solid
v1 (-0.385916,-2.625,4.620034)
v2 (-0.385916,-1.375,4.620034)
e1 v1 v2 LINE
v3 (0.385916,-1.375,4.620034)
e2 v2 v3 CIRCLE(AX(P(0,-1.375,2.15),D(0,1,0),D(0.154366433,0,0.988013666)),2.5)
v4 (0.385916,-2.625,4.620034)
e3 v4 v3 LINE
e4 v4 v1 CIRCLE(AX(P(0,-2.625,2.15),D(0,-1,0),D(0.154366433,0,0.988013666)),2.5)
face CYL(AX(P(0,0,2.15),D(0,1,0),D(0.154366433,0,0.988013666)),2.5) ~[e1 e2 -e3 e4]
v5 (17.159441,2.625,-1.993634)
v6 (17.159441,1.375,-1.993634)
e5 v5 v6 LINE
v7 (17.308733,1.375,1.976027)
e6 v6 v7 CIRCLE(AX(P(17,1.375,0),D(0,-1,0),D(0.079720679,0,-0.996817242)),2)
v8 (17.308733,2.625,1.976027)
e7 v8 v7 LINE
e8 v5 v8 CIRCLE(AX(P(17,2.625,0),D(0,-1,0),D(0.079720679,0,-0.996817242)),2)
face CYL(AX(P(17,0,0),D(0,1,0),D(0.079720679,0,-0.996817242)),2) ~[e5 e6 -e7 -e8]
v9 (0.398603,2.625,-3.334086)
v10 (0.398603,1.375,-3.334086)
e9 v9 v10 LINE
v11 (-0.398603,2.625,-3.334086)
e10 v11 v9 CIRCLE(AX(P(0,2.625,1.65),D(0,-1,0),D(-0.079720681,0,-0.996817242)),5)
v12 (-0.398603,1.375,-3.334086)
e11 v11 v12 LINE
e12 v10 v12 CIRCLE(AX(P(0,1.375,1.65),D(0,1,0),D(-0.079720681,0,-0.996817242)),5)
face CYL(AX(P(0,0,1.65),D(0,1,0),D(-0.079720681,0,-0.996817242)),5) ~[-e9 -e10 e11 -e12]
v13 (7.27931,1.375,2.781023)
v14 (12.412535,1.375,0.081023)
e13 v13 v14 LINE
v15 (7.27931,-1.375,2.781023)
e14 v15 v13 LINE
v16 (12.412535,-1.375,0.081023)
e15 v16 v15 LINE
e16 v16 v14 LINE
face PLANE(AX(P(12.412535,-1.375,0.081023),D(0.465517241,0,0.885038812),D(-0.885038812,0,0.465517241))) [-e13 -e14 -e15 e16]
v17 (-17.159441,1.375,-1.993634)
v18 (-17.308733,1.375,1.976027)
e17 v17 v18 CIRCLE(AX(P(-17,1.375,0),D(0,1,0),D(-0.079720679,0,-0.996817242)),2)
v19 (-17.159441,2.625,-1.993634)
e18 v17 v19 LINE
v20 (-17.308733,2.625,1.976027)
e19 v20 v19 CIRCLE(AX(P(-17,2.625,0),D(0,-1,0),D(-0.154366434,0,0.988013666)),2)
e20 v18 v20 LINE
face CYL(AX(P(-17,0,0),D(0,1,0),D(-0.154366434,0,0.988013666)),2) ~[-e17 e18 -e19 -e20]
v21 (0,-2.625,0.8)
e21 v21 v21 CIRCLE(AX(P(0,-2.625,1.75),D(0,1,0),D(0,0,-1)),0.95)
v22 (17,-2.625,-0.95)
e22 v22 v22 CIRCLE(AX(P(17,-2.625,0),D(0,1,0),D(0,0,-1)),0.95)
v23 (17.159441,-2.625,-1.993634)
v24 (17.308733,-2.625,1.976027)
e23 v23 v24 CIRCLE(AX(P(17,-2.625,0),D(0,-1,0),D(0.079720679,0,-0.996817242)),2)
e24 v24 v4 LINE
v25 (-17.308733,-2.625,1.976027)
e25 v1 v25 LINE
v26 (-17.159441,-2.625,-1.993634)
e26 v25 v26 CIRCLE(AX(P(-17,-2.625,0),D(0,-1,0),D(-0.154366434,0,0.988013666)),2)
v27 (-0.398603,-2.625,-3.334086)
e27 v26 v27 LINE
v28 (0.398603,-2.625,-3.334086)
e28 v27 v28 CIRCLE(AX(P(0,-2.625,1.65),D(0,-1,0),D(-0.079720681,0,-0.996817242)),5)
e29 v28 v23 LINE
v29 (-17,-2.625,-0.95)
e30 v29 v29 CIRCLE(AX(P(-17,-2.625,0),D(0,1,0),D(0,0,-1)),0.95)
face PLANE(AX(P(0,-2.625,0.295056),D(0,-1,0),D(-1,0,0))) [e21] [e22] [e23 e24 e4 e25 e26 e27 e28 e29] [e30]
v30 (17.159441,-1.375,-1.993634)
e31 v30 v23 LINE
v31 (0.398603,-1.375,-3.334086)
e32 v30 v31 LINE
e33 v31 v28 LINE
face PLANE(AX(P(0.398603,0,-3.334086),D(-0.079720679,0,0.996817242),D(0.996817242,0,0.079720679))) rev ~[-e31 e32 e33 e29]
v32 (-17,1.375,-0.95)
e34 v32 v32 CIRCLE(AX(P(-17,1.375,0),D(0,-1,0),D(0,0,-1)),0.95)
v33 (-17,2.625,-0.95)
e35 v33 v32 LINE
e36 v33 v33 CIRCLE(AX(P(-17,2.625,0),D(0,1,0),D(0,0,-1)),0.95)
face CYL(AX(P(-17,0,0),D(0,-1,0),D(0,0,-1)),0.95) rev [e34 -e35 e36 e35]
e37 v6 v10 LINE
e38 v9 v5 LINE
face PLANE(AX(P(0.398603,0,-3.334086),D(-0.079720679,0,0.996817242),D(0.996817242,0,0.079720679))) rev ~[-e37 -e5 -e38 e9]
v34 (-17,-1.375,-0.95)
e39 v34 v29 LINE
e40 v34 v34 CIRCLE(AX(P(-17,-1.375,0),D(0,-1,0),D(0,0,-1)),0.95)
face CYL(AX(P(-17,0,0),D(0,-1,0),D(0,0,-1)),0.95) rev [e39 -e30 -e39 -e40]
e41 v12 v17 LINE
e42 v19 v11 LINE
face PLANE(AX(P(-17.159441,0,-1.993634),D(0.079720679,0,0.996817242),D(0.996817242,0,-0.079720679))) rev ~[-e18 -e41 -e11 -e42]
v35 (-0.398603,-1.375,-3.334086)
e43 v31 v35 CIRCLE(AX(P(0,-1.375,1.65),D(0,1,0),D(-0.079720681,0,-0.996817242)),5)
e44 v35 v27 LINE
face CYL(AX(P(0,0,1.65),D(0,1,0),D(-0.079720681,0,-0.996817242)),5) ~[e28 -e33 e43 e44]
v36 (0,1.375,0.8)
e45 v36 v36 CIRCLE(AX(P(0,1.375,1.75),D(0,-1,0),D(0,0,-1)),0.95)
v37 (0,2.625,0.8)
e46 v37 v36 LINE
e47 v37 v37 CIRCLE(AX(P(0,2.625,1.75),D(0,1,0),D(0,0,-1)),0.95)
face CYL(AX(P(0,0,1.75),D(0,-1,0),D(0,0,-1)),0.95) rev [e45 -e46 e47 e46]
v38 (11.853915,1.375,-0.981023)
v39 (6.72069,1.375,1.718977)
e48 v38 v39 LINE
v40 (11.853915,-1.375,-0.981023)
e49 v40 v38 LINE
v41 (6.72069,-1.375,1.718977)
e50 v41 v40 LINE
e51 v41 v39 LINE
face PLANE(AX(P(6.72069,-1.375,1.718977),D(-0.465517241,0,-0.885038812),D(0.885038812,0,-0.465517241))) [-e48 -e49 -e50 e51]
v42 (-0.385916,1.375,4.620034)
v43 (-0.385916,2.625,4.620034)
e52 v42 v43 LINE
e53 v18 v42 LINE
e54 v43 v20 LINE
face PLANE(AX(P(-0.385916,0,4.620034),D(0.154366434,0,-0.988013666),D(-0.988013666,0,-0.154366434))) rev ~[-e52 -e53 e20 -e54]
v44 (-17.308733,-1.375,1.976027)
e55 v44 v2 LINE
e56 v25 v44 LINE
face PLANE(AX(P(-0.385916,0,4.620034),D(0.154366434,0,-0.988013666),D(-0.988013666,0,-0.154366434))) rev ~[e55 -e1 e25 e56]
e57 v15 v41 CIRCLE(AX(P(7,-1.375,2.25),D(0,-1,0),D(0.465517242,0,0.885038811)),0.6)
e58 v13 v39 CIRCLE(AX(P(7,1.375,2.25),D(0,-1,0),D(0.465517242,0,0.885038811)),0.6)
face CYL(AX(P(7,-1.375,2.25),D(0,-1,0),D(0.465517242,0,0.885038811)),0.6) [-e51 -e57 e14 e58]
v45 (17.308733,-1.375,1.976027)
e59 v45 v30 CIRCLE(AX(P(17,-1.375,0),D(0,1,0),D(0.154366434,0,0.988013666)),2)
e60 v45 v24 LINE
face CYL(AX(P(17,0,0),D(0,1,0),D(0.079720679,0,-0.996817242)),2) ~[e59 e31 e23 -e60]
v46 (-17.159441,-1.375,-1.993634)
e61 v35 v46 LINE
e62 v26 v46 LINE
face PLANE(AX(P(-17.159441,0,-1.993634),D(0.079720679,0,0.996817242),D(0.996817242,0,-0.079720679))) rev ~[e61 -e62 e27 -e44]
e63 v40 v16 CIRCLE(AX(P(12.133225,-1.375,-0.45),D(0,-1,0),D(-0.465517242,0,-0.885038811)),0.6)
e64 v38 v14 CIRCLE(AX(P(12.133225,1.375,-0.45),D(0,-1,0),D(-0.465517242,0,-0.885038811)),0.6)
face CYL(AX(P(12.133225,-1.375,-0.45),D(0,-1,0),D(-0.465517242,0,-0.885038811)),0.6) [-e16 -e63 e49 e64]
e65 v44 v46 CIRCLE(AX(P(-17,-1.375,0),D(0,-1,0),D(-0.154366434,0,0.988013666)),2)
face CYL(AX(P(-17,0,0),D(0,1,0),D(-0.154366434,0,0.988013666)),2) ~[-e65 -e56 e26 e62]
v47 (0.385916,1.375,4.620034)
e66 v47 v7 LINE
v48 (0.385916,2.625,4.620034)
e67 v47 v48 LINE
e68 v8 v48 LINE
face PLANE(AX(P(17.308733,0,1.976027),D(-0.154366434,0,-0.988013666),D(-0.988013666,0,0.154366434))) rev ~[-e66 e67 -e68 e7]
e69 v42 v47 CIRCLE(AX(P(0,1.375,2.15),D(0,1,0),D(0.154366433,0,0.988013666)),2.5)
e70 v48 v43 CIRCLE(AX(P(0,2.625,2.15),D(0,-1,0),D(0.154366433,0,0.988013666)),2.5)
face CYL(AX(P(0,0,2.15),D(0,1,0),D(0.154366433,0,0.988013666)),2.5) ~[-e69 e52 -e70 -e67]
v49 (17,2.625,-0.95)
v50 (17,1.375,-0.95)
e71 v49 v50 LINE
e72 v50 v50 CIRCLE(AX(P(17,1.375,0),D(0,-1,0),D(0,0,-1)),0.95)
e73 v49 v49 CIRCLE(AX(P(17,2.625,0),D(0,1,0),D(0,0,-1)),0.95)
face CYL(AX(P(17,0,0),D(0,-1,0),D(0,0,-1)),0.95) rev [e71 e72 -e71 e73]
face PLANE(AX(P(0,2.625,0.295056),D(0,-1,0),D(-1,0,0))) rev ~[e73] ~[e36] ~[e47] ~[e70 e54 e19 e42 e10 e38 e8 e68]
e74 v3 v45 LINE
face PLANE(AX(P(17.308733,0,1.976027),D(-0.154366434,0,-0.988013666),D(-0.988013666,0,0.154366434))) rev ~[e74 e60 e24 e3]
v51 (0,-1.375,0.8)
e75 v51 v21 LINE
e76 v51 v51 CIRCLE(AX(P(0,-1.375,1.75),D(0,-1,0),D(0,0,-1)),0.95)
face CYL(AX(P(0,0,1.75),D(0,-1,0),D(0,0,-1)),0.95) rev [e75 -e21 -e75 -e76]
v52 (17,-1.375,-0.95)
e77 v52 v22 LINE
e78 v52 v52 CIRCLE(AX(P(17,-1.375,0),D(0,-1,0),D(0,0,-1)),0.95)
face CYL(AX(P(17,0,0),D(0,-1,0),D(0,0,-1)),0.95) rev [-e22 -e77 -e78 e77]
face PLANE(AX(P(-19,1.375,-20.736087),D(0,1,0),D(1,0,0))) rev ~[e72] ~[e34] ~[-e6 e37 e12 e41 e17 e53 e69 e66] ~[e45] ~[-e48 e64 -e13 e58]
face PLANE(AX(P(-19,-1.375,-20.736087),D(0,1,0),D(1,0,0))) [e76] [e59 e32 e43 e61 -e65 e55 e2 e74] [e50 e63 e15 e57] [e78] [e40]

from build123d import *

# Parameters (mm, degrees)
SKETCH1_R                = 0.95
BOSS_EXTRUDE1_DEPTH      = 2.625
CUT_EXTRUDE1_DEPTH       = 20.736086872
CUT_EXTRUDE1_DEPTH_BACK  = 20.736086872
SKETCH3_W                = 38
SKETCH3_H                = 2.75
BOSS_EXTRUDE2_DEPTH      = 2.625
BOSS_EXTRUDE2_DEPTH_BACK = 1.375


with BuildPart() as part:
    # Sketch1 → Boss-Extrude1 (new, symmetric)
    with BuildSketch(Plane(origin=(0, 0, 0), x_dir=(1, 0, 0), z_dir=(0, 1, 0))):
        with BuildLine():
            Line((-17.159441359, 1.993634483), (-0.398603397, 3.334086208))
            ThreePointArc((-0.398603397, 3.334086208), (0, 3.35), (0.398603397, 3.334086208))
            Line((0.398603397, 3.334086208), (17.159441359, 1.993634483))
            ThreePointArc((17.159441359, 1.993634483), (18.998587128, 0.0751631), (17.308732868, -1.976027332))
            Line((17.308732868, -1.976027332), (0.385916086, -4.620034165))
            ThreePointArc((0.385916086, -4.620034165), (0, -4.65), (-0.385916086, -4.620034165))
            Line((-0.385916086, -4.620034165), (-17.308732868, -1.976027332))
            ThreePointArc((-17.308732868, -1.976027332), (-18.998587128, 0.0751631), (-17.159441359, 1.993634483))
        make_face()
        with Locations(Location((-17, 0, 0), (0, 0, 90))):
            Circle(SKETCH1_R, mode=Mode.SUBTRACT)
        with Locations(Location((17, 0, 0), (0, 0, 90))):
            Circle(SKETCH1_R, mode=Mode.SUBTRACT)
        with Locations(Location((0, -1.75, 0), (0, 0, 90))):
            Circle(SKETCH1_R, mode=Mode.SUBTRACT)
    extrude(amount=BOSS_EXTRUDE1_DEPTH, both=True)

    # Sketch3 → Cut-Extrude1 (cut, two sides: drawn at the far end of the back side and taken through both)
    with BuildSketch(Plane.XY.offset(-CUT_EXTRUDE1_DEPTH_BACK)):
        Rectangle(SKETCH3_W, SKETCH3_H)
    extrude(amount=CUT_EXTRUDE1_DEPTH + CUT_EXTRUDE1_DEPTH_BACK, mode=Mode.SUBTRACT)


with BuildPart() as cut_extrude1_piece_1:
    # of the separate pieces the step leaves, piece 1, a body of its own (cut_extrude1_pieces)
    add(part.part.solids().sort_by_distance((-17.159441359, -2.625, -1.993634483))[0])



with BuildPart() as cut_extrude1_piece_2:
    # of the separate pieces the step leaves, piece 2, a body of its own (cut_extrude1_pieces)
    add(part.part.solids().sort_by_distance((-17.159441359, 1.375, -1.993634483))[0])


with BuildPart() as cut_extrude1_piece_1_1:
    add(cut_extrude1_piece_1.part)

    add(cut_extrude1_piece_2.part)  # Boss-Extrude2 merges Cut-Extrude1 piece 2
    # Sketch4 → Boss-Extrude2 (add, two sides: drawn at the far end of the back side and taken through both)
    with BuildSketch(Plane(origin=(0, 0, 0), x_dir=(1, 0, 0), z_dir=(0, 1, 0)).offset(-BOSS_EXTRUDE2_DEPTH_BACK)):
        with BuildLine():
            Line((6.720689655, -1.718976713), (11.853914762, 0.981023287))
            ThreePointArc((11.853914762, 0.981023287), (12.664248394, 0.729310345), (12.412535452, -0.081023287))
            Line((12.412535452, -0.081023287), (7.279310345, -2.781023287))
            ThreePointArc((7.279310345, -2.781023287), (6.468976713, -2.529310345), (6.720689655, -1.718976713))
        make_face()
    extrude(amount=BOSS_EXTRUDE2_DEPTH + BOSS_EXTRUDE2_DEPTH_BACK)


solid = cut_extrude1_piece_1_1.part
